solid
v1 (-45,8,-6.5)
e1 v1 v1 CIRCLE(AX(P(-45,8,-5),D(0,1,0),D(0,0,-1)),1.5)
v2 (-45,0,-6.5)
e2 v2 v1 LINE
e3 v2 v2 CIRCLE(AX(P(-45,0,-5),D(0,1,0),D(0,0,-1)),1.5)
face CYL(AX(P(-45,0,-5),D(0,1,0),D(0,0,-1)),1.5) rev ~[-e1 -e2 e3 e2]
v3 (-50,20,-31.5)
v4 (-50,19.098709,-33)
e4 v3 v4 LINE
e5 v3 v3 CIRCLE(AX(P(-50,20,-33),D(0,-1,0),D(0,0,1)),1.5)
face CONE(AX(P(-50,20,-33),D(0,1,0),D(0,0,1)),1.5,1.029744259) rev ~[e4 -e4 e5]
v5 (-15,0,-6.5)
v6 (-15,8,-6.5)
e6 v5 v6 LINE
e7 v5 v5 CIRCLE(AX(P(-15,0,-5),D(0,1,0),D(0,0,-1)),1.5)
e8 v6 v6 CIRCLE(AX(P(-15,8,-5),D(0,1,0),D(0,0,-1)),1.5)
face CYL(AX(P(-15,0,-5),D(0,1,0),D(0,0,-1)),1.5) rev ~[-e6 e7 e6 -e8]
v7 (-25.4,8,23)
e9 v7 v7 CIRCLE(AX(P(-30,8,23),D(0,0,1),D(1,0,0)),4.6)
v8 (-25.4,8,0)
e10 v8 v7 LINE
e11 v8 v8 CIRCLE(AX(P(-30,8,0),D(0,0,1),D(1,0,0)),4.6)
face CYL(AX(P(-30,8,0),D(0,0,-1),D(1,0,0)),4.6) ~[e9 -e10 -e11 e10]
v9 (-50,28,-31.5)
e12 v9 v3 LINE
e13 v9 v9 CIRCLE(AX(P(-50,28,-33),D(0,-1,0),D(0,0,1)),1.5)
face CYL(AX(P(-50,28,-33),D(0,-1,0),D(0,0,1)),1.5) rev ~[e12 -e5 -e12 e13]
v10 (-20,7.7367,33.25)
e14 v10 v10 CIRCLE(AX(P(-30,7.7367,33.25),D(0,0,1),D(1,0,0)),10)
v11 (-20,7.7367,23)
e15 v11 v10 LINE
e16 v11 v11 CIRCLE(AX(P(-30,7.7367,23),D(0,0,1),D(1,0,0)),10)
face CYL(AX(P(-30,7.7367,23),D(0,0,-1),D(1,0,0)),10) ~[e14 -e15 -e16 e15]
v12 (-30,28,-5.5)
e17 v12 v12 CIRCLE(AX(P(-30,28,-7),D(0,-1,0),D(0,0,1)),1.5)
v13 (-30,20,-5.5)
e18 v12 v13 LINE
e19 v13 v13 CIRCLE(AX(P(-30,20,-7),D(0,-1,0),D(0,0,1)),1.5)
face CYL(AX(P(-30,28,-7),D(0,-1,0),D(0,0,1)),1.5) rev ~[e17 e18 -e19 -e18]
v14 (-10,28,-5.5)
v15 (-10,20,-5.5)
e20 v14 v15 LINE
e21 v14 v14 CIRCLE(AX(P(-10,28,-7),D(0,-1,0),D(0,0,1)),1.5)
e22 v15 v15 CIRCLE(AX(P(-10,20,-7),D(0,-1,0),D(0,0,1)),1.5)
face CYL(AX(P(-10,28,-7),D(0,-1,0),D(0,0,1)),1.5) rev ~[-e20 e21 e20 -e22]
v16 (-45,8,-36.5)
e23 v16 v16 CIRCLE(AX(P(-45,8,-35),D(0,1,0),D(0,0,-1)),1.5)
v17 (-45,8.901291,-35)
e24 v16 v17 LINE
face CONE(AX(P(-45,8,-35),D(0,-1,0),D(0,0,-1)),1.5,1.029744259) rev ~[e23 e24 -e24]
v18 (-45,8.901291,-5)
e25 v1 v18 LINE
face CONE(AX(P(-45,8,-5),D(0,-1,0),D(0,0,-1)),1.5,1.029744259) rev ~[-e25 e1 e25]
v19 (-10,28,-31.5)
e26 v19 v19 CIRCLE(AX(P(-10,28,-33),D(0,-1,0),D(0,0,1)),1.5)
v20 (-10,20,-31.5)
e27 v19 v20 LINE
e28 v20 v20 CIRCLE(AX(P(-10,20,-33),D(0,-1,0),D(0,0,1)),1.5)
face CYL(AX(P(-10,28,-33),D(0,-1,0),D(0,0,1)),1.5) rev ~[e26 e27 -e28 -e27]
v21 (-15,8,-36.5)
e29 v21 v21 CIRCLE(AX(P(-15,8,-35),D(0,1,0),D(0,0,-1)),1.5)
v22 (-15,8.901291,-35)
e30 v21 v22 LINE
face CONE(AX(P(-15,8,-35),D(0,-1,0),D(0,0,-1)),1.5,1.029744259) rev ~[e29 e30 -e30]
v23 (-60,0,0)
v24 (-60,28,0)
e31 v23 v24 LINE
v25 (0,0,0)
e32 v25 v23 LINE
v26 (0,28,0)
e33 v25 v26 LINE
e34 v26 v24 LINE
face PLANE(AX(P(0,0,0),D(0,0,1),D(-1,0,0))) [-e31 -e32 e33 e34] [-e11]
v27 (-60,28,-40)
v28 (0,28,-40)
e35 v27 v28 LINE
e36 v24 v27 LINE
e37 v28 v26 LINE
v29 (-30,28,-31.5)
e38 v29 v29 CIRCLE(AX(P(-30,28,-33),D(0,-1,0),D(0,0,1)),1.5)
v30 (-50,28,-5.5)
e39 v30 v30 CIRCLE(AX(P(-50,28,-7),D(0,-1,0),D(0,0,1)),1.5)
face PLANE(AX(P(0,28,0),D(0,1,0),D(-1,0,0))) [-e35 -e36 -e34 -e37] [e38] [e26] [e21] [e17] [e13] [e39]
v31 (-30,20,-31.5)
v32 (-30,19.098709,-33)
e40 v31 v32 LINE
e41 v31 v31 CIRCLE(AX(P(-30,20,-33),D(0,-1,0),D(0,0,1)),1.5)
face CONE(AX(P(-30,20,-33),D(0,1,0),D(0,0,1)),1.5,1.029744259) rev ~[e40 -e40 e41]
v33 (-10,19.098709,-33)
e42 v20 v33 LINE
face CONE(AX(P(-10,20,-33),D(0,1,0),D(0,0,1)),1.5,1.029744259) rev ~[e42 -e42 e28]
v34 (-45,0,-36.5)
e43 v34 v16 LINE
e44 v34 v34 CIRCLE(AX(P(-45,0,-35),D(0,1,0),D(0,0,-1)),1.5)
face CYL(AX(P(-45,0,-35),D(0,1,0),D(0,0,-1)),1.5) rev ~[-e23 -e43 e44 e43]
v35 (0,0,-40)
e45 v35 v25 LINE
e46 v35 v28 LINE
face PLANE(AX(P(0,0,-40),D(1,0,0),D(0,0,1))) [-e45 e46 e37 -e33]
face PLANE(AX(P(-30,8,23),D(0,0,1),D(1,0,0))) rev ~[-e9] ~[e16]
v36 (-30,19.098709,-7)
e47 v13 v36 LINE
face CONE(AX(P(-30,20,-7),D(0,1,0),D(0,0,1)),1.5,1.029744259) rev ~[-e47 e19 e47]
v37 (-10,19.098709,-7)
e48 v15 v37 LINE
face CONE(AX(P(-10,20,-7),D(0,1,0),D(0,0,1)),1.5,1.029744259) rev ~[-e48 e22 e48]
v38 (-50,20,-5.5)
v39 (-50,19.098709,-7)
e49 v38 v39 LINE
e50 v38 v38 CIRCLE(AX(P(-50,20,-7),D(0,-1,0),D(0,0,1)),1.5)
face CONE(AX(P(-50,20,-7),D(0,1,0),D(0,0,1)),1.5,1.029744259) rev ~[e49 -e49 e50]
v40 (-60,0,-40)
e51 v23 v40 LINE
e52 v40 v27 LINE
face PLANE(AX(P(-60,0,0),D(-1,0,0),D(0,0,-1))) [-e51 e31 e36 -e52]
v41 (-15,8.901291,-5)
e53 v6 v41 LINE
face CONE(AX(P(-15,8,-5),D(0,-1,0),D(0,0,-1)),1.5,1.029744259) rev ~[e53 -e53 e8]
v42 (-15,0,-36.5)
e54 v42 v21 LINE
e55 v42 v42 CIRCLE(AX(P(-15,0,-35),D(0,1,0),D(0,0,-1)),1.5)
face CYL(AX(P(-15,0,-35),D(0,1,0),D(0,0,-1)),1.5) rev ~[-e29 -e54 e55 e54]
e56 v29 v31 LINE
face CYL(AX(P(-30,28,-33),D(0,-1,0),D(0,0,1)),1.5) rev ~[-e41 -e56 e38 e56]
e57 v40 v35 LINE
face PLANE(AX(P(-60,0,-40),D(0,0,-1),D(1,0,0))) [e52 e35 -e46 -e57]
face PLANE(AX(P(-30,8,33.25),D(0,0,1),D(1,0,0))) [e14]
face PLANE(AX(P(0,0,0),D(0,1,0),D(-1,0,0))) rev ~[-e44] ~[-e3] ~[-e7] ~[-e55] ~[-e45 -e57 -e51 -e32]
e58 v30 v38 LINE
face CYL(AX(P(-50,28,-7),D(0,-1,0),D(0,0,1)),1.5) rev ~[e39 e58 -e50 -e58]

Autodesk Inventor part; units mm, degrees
ref_plane "YZ Plane" through (0, 0, 0) normal (1, 0, 0) x (0, 1, 0)
ref_plane "XZ Plane" through (0, 0, 0) normal (0, 1, 0) x (-1, 0, 0)
ref_plane "XY Plane" through (0, 0, 0) normal (0, 0, 1) x (1, 0, 0)
sketch "Sketch1" plane through (0, 0, 0) normal (0, 1, 0) x (-1, 0, 0)
  line L0 (0, 0) -> (60, 0)
  line L1 (60, 0) -> (60, -40)
  line L2 (60, -40) -> (0, -40)
  line L3 (0, -40) -> (0, 0)
  dimension "d0" = 60
  dimension "d1" = 40
extrude "Extrusion1" add sketch "Sketch1" along normal blind 28
sketch "Sketch2" plane through (-60, 0, 0) normal (0, 0, 1) x (1, 0, 0)
  circle A0 centre (30, 8) radius 4.6
  line L0 (60, 0) -> (60, 28) projected
  line L1 (60, 0) -> (0, 0) projected
  dimension "d4" = 9.2
  dimension "d5" = 30
  dimension "d6" = 8
extrude "Extrusion2" add sketch "Sketch2" along normal blind 23
sketch "Sketch3" plane through (-30, 8, 23) normal (0, 0, 1) x (1, 0, 0)
  circle A0 centre (0, 0) radius 4.6 projected
  circle A1 centre (0, -0.2633) radius 10
  point P0 (30, -8)
  dimension "d9" = 20
extrude "Extrusion3" add sketch "Sketch3" along normal blind 10.25 contours A0 | A1
sketch "Sketch4" plane through (0, 0, 0) normal (0, -1, 0) x (1, 0, 0)
  line L0 (0, 0) -> (-60, 0) projected
  line L1 (-60, 0) -> (-60, -40) projected
  line L2 (-60, -40) -> (0, -40) projected
  line L3 (0, -40) -> (0, 0) projected
  line L4 (-45, -35) -> (-15, -35)
  line L5 (-15, -35) -> (-15, -5)
  line L6 (-15, -5) -> (-45, -5)
  line L7 (-45, -5) -> (-45, -35)
  line L8 (-45, -35) -> (-15, -5) construction
  line L9 (-15, -35) -> (-45, -5) construction
  point P0 (-30, -20)
  dimension "d12" = 30
  dimension "d13" = 30
hole "Hole1" at (-15, 0, -5) at (-15, 0, -35) at (-45, 0, -35) at (-45, 0, -5) direction (0, 1, 0) diameter 3 depth 8 tip angle 118
sketch "Sketch5" plane through (0, 28, 0) normal (0, 1, 0) x (1, 0, 0)
  line L0 (-60, 0) -> (0, 0) projected
  line L1 (0, 0) -> (0, 40) projected
  line L2 (0, 40) -> (-60, 40) projected
  line L3 (-60, 40) -> (-60, 0) projected
  line L4 (-10, 7) -> (-50, 7)
  line L5 (-50, 7) -> (-50, 33)
  line L6 (-50, 33) -> (-10, 33)
  line L7 (-10, 33) -> (-10, 7)
  line L8 (-10, 7) -> (-50, 33) construction
  line L9 (-50, 7) -> (-10, 33) construction
  point P0 (-30, 20)
  point P1 (-30, 7)
  point P2 (-30, 33)
  dimension "d21" = 40
  dimension "d22" = 26
hole "Hole2" at (-30, 28, -7) at (-30, 28, -33) at (-50, 28, -7) at (-50, 28, -33) at (-10, 28, -33) at (-10, 28, -7) direction (0, -1, 0) diameter 3 depth 8 tip angle 118
properties part number "00_Z-stage"
